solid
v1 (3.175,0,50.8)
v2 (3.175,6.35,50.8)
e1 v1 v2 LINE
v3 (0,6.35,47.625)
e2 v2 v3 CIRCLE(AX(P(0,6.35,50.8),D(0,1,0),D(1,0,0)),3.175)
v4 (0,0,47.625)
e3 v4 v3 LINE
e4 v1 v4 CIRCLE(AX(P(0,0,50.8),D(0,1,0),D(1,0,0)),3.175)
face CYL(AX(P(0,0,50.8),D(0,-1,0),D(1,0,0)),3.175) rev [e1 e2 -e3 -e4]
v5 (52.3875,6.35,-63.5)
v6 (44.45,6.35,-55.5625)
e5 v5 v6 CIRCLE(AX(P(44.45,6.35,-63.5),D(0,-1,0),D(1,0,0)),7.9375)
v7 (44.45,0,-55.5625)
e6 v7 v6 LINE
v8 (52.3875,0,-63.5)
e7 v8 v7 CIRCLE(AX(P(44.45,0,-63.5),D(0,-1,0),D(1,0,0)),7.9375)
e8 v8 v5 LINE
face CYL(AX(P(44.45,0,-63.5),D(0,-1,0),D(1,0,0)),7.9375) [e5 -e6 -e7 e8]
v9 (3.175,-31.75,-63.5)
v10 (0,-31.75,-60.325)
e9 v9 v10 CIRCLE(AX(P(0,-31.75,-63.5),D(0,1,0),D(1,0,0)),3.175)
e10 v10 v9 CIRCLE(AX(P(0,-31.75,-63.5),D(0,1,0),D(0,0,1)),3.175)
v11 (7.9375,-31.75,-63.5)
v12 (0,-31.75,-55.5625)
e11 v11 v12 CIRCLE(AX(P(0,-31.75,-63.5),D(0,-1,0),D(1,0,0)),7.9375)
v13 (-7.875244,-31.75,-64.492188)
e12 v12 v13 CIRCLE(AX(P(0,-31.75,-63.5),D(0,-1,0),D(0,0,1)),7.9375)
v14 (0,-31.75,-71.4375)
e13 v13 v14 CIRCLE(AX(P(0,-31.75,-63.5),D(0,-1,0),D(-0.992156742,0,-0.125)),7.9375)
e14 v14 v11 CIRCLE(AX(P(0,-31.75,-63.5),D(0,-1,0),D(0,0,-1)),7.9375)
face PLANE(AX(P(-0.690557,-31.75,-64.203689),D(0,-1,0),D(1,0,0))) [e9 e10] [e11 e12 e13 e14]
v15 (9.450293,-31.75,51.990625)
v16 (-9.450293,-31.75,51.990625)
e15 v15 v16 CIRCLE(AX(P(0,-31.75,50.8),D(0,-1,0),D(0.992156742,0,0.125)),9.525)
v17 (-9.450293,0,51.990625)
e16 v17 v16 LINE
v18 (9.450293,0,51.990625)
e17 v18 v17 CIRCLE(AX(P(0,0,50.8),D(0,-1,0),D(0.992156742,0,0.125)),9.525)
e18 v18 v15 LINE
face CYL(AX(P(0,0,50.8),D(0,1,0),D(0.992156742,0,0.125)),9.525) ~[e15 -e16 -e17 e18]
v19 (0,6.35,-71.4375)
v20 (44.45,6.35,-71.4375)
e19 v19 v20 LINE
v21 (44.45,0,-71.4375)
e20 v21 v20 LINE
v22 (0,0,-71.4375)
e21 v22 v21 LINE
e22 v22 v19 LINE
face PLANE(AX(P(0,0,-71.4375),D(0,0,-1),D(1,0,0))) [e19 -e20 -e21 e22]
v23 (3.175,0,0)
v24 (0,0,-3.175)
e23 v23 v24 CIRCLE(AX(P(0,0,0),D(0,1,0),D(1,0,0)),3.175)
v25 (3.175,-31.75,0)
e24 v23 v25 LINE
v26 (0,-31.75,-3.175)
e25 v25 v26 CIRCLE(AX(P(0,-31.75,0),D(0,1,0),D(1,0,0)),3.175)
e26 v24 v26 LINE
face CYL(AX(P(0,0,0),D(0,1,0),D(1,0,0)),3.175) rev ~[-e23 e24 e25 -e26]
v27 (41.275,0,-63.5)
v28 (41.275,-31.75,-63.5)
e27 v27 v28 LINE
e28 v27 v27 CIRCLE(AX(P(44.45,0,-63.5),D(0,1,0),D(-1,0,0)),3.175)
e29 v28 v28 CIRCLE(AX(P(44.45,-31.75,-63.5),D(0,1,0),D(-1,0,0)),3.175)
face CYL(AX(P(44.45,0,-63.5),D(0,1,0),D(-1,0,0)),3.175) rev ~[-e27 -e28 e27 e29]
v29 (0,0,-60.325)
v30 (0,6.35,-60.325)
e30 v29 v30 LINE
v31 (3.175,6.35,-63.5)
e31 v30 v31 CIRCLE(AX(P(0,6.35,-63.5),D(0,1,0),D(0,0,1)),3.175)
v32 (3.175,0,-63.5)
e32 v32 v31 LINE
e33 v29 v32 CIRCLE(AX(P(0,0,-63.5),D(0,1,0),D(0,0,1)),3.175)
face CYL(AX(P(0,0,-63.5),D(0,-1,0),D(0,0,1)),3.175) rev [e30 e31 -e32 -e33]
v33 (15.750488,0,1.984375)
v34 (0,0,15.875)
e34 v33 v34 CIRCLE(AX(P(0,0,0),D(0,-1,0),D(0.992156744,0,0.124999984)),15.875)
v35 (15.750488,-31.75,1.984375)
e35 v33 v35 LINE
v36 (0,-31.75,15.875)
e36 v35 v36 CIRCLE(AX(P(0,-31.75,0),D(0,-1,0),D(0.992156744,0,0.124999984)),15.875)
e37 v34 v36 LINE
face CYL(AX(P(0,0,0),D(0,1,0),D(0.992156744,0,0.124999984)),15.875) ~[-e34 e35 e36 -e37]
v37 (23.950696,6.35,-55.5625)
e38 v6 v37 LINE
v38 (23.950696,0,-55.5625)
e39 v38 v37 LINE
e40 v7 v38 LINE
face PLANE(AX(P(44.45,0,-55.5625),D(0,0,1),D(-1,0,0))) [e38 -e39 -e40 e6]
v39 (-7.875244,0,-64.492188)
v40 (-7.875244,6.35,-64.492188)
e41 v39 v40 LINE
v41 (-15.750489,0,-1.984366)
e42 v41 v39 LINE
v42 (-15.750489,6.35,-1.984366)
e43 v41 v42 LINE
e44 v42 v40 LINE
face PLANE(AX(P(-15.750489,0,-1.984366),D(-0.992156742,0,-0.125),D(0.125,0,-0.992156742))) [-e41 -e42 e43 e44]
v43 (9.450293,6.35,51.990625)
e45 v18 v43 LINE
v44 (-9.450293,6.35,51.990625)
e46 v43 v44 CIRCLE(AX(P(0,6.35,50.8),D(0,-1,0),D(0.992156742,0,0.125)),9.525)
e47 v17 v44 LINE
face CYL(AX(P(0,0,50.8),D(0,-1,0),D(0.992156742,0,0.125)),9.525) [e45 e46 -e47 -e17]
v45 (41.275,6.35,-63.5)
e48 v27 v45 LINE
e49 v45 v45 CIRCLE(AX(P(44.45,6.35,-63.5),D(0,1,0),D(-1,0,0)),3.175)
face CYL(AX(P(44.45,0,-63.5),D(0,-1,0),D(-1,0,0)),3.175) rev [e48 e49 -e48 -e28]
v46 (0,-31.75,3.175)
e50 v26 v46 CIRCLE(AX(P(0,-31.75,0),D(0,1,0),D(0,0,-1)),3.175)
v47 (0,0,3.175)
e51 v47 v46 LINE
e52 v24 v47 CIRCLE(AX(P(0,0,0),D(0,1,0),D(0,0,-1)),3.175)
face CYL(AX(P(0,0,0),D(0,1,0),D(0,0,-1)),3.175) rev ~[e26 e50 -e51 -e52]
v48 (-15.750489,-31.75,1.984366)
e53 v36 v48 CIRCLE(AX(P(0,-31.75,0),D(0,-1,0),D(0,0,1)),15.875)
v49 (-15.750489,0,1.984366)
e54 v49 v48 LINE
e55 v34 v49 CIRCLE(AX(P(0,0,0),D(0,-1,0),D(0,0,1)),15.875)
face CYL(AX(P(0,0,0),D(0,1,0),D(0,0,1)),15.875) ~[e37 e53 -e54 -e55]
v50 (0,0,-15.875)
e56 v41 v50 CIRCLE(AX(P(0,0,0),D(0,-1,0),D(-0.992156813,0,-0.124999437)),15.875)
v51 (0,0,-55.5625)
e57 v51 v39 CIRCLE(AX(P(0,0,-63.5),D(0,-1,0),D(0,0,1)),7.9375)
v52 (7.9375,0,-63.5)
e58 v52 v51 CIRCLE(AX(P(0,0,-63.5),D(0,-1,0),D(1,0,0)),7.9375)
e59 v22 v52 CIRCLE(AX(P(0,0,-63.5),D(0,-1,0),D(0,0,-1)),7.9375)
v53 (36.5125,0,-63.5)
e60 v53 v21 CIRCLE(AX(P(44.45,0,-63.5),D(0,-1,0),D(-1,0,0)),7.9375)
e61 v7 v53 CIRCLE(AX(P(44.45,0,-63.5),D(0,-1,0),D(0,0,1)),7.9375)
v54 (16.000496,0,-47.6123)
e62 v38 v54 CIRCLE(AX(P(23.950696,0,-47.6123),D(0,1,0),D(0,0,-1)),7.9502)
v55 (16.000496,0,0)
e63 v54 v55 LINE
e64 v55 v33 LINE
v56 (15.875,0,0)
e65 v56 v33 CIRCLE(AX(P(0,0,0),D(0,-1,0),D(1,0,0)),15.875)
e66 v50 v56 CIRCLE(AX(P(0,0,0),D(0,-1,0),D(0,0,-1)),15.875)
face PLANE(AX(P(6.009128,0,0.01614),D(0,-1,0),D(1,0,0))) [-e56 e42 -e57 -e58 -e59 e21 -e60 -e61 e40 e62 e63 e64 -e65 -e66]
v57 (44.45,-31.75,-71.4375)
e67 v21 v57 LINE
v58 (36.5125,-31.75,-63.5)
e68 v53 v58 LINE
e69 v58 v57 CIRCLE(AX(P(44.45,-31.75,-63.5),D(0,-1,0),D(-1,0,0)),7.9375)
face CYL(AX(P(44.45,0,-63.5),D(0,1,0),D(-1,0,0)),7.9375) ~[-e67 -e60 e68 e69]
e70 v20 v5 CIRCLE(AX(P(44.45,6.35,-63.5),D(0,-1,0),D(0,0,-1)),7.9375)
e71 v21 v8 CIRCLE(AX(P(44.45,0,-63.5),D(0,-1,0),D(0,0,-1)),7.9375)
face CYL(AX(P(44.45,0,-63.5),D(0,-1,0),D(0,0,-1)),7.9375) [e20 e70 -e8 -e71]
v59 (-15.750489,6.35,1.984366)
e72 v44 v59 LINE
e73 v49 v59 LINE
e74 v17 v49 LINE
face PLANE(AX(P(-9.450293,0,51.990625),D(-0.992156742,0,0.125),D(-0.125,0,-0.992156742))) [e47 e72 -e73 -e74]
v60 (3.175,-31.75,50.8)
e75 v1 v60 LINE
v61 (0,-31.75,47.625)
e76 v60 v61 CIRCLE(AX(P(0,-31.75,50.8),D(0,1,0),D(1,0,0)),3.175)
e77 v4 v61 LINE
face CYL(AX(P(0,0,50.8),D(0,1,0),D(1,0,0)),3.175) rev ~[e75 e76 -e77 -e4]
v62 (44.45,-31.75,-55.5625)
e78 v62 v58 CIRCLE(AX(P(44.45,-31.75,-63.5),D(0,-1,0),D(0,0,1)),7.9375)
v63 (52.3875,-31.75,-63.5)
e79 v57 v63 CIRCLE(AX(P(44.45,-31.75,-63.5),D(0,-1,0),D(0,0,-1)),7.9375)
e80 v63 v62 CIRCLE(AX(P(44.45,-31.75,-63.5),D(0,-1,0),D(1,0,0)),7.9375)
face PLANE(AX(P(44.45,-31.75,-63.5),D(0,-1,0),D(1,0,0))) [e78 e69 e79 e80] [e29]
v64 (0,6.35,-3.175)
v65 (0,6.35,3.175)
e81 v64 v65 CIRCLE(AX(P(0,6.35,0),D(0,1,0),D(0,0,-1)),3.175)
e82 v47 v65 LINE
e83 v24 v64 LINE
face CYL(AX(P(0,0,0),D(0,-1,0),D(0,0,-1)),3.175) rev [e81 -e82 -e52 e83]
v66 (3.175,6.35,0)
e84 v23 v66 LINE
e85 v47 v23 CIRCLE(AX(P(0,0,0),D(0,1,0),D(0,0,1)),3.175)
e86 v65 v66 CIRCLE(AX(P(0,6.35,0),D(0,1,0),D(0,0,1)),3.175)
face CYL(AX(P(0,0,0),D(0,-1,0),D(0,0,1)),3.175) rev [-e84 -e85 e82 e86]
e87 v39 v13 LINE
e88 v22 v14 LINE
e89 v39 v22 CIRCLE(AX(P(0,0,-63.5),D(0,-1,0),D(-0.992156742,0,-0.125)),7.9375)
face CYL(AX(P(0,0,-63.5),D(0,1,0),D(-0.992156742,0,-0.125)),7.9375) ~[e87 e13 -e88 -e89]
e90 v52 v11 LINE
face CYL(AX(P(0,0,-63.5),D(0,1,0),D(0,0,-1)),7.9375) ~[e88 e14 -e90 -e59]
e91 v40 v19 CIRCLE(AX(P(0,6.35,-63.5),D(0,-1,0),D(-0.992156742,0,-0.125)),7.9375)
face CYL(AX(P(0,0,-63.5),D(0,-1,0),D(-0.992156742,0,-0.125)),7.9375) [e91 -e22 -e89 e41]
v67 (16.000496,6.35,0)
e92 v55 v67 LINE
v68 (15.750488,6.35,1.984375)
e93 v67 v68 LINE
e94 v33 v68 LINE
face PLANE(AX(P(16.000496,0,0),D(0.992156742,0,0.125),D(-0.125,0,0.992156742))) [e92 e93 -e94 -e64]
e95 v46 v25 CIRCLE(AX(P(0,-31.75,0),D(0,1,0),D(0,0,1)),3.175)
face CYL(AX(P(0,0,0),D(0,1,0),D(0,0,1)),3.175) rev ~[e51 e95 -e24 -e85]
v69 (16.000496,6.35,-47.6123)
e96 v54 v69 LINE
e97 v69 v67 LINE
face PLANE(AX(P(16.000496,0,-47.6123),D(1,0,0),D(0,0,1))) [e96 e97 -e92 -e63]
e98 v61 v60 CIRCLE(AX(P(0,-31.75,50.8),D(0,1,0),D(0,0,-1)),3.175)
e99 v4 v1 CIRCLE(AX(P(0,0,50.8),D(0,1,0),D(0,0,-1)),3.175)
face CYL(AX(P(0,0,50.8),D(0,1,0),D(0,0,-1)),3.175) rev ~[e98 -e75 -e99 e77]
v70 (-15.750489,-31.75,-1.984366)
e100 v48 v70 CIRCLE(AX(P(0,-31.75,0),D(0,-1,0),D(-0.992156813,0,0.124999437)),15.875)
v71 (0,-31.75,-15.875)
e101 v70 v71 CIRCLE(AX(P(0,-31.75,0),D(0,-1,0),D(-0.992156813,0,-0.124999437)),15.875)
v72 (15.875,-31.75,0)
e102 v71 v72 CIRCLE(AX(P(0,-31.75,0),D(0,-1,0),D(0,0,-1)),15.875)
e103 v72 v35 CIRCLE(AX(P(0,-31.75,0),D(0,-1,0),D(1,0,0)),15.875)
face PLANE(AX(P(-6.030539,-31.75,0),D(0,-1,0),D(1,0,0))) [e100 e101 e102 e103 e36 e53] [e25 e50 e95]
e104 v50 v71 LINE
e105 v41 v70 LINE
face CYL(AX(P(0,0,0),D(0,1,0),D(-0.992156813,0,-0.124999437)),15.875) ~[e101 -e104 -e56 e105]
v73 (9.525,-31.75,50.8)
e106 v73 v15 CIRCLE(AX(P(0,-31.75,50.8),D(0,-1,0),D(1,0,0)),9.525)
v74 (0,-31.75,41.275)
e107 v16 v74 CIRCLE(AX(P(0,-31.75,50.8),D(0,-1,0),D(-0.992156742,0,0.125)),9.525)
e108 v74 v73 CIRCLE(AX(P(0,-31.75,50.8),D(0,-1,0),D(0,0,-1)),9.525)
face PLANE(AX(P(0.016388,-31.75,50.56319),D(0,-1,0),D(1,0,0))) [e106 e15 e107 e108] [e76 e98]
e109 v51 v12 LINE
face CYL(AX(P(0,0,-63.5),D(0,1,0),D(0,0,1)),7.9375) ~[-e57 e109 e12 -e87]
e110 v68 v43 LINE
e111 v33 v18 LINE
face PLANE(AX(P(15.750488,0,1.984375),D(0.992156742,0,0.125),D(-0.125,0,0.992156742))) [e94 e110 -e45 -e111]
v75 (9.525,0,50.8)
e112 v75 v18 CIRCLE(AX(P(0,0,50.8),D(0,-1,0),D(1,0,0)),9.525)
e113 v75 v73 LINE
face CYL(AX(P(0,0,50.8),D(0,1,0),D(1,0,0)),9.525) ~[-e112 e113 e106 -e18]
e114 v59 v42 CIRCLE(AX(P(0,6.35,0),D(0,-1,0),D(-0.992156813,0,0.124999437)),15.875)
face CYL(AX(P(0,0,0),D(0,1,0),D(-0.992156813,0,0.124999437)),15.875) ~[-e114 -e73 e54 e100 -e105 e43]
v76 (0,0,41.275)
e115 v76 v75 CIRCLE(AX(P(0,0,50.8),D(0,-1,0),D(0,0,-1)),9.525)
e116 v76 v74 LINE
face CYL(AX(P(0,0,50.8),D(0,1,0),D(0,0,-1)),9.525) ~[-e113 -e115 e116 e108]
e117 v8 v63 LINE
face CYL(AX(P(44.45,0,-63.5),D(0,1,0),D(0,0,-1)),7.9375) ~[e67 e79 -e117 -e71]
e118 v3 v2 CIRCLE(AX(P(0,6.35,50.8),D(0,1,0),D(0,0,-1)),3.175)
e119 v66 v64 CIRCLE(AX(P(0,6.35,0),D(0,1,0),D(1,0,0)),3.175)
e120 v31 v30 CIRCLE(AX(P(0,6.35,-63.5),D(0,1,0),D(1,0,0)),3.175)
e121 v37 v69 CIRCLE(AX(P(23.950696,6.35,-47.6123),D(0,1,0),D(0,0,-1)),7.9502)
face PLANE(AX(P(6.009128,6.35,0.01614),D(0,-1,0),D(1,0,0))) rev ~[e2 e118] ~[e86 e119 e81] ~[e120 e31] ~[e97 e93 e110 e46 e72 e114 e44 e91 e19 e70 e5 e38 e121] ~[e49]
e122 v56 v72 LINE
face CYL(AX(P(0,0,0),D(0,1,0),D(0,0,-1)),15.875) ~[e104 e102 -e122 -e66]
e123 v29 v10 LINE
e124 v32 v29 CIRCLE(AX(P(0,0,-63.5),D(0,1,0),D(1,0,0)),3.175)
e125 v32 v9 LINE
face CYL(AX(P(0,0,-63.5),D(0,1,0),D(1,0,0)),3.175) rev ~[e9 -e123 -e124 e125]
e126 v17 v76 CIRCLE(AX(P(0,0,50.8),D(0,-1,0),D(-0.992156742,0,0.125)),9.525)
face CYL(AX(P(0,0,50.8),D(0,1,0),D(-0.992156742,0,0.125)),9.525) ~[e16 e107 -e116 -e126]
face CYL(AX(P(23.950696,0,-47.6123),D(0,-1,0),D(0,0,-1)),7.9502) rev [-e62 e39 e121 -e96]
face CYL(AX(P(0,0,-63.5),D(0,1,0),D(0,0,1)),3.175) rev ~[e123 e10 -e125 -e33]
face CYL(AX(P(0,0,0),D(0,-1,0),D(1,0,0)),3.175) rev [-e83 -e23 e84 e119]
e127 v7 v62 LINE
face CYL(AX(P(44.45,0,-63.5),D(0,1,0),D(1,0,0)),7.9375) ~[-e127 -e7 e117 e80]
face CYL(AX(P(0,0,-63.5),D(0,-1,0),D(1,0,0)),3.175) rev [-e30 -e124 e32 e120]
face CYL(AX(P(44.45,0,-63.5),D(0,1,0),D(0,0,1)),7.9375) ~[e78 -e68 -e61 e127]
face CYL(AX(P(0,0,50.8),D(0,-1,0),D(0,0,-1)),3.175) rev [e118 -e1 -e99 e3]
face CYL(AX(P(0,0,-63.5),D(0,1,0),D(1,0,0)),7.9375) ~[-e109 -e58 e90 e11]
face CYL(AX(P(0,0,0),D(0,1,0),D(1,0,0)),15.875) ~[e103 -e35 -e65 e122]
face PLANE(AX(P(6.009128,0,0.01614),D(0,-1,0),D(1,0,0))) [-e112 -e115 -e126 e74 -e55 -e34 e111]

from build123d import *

# Parameters (mm, degrees)
F1_DEPTH = 6.35
F2_DEPTH = 31.75


with BuildPart() as f1:
    # F0 (on Front) → F1 (new body)
    with BuildSketch(Plane.XZ):
        with BuildLine():
            ThreePointArc((0, -15.875), (11.2253201513, -11.2253201513), (15.875, 0))
            ThreePointArc((15.875, 0), (15.8438414983, 0.9941386111), (15.7504883051, 1.9843747505))
            ThreePointArc((15.7504883051, 1.9843747505), (10.5003256101, 11.9062499168), (0, 15.875))
            Line((0, 15.875), (0, 3.175))
            ThreePointArc((0, 3.175), (2.2450640303, 2.2450640303), (3.175, 0))
            ThreePointArc((3.175, 0), (2.2450640303, -2.2450640303), (0, -3.175))
            Line((0, -3.175), (0, -15.875))
        make_face()
        with BuildLine():
            ThreePointArc((-15.7504893995, -1.9843660644), (-10.5003288931, -11.9062470215), (0, -15.875))
            Line((0, -15.875), (0, -3.175))
            ThreePointArc((0, -3.175), (-3.175, 0), (0, 3.175))
            Line((0, 3.175), (0, 15.875))
            ThreePointArc((0, 15.875), (-10.5003288957, 11.9062470192), (-15.7504894003, 1.9843660577))
            ThreePointArc((-15.7504894003, 1.9843660577), (-15.875, -3.4e-09), (-15.7504893995, -1.9843660644))
        make_face()
        with BuildLine():
            ThreePointArc((9.525, 50.8), (9.5063048942, 51.396483242), (9.4502929642, 51.990625))
            ThreePointArc((9.4502929642, 51.990625), (0, 60.325), (-9.4502929642, 51.990625))
            ThreePointArc((-9.4502929642, 51.990625), (-7.14375, 44.4998046905), (0, 41.275))
            ThreePointArc((0, 41.275), (6.7351920908, 44.0648079092), (9.525, 50.8))
        make_face()
        with BuildLine():
            ThreePointArc((3.175, 50.8), (2.2450640303, 48.5549359697), (0, 47.625))
            ThreePointArc((0, 47.625), (-2.2450640303, 53.0450640303), (3.175, 50.8))
        make_face(mode=Mode.SUBTRACT)
        with BuildLine():
            ThreePointArc((7.937499997, -63.5), (5.6126600736, -57.8873399264), (0, -55.562500003))
            Line((0, -55.562500003), (0, -60.325))
            ThreePointArc((0, -60.325), (2.2450640303, -61.2549359697), (3.175, -63.5))
            Line((3.175, -63.5), (7.937499997, -63.5))
        make_face()
        with BuildLine():
            Line((0, -60.325), (0, -55.562500003))
            ThreePointArc((0, -55.562500003), (-5.9531249979, -58.2498372442), (-7.8752441339, -64.4921875))
            ThreePointArc((-7.8752441339, -64.4921875), (-5.2501627558, -69.4531249979), (0, -71.437499997))
            ThreePointArc((0, -71.437499997), (5.6126600736, -69.1126600736), (7.937499997, -63.5))
            Line((7.937499997, -63.5), (3.175, -63.5))
            ThreePointArc((3.175, -63.5), (-2.2450640303, -65.7450640303), (0, -60.325))
        make_face()
        with BuildLine():
            ThreePointArc((44.45, -55.562499997), (38.8373399222, -57.8873399222), (36.512499997, -63.5))
            ThreePointArc((36.512499997, -63.5), (38.8373399222, -69.1126600778), (44.45, -71.437500003))
            ThreePointArc((44.45, -71.437500003), (50.0626600778, -69.1126600778), (52.387500003, -63.5))
            ThreePointArc((52.387500003, -63.5), (50.0626600778, -57.8873399222), (44.45, -55.562499997))
        make_face()
        with BuildLine():
            ThreePointArc((47.625, -63.5), (44.45, -66.675), (41.275, -63.5))
            ThreePointArc((41.275, -63.5), (44.45, -60.325), (47.625, -63.5))
        make_face(mode=Mode.SUBTRACT)
        with BuildLine():
            ThreePointArc((-15.7504894003, 1.9843660577), (-10.5003288957, 11.9062470192), (0, 15.875))
            Line((0, 15.875), (0, 41.275))
            ThreePointArc((0, 41.275), (-7.14375, 44.4998046905), (-9.4502929642, 51.990625))
            Line((-9.4502929642, 51.990625), (-15.7504894003, 1.9843660577))
        make_face()
        with BuildLine():
            ThreePointArc((15.7504883051, 1.9843747505), (15.8438414983, 0.9941386111), (15.875, 0))
            ThreePointArc((15.875, 0), (11.2253201513, -11.2253201513), (0, -15.875))
            Line((0, -15.875), (0, -55.562500003))
            ThreePointArc((0, -55.562500003), (5.6126600736, -57.8873399264), (7.937499997, -63.5))
            Line((7.937499997, -63.5), (36.512499997, -63.5))
            ThreePointArc((36.512499997, -63.5), (38.8373399222, -57.8873399222), (44.45, -55.562499997))
            Line((44.45, -55.5624999909), (23.9506960241, -55.5624999909))
            ThreePointArc((23.9506960241, -55.5624999909), (18.3290556923, -53.2339403227), (16.0004960241, -47.6122999909))
            Line((16.0004960241, -47.6122999909), (16.0004960241, 0))
            Line((16.0004960241, 0), (15.7504883051, 1.9843747505))
        make_face()
        with BuildLine():
            Line((0, -55.562500003), (0, -15.875))
            ThreePointArc((0, -15.875), (-10.5003288931, -11.9062470215), (-15.7504893995, -1.9843660644))
            Line((-15.7504893995, -1.9843660644), (-7.8752441339, -64.4921875))
            ThreePointArc((-7.8752441339, -64.4921875), (-5.9531249979, -58.2498372442), (0, -55.562500003))
        make_face()
        with BuildLine():
            ThreePointArc((0, 15.875), (10.5003256101, 11.9062499168), (15.7504883051, 1.9843747505))
            Line((15.7504883051, 1.9843747505), (9.4502929642, 51.990625))
            ThreePointArc((9.4502929642, 51.990625), (9.5063048942, 51.396483242), (9.525, 50.8))
            ThreePointArc((9.525, 50.8), (6.7351920908, 44.0648079092), (0, 41.275))
            Line((0, 41.275), (0, 15.875))
        make_face()
        with BuildLine():
            Line((36.512499997, -63.5), (7.937499997, -63.5))
            ThreePointArc((7.937499997, -63.5), (5.6126600736, -69.1126600736), (0, -71.437499997))
            Line((0, -71.4374999998), (44.45, -71.4374999998))
            ThreePointArc((44.45, -71.437500003), (38.8373399222, -69.1126600778), (36.512499997, -63.5))
        make_face()
    extrude(amount=-F1_DEPTH)

    # F0 (on Front) → F2 (join)
    with BuildSketch(Plane.XZ):
        with BuildLine():
            ThreePointArc((-15.7504893995, -1.9843660644), (-10.5003288931, -11.9062470215), (0, -15.875))
            Line((0, -15.875), (0, -3.175))
            ThreePointArc((0, -3.175), (-3.175, 0), (0, 3.175))
            Line((0, 3.175), (0, 15.875))
            ThreePointArc((0, 15.875), (-10.5003288957, 11.9062470192), (-15.7504894003, 1.9843660577))
            ThreePointArc((-15.7504894003, 1.9843660577), (-15.875, -3.4e-09), (-15.7504893995, -1.9843660644))
        make_face()
        with BuildLine():
            ThreePointArc((0, -15.875), (11.2253201513, -11.2253201513), (15.875, 0))
            ThreePointArc((15.875, 0), (15.8438414983, 0.9941386111), (15.7504883051, 1.9843747505))
            ThreePointArc((15.7504883051, 1.9843747505), (10.5003256101, 11.9062499168), (0, 15.875))
            Line((0, 15.875), (0, 3.175))
            ThreePointArc((0, 3.175), (2.2450640303, 2.2450640303), (3.175, 0))
            ThreePointArc((3.175, 0), (2.2450640303, -2.2450640303), (0, -3.175))
            Line((0, -3.175), (0, -15.875))
        make_face()
        with BuildLine():
            Line((0, -60.325), (0, -55.562500003))
            ThreePointArc((0, -55.562500003), (-5.9531249979, -58.2498372442), (-7.8752441339, -64.4921875))
            ThreePointArc((-7.8752441339, -64.4921875), (-5.2501627558, -69.4531249979), (0, -71.437499997))
            ThreePointArc((0, -71.437499997), (5.6126600736, -69.1126600736), (7.937499997, -63.5))
            Line((7.937499997, -63.5), (3.175, -63.5))
            ThreePointArc((3.175, -63.5), (-2.2450640303, -65.7450640303), (0, -60.325))
        make_face()
        with BuildLine():
            ThreePointArc((7.937499997, -63.5), (5.6126600736, -57.8873399264), (0, -55.562500003))
            Line((0, -55.562500003), (0, -60.325))
            ThreePointArc((0, -60.325), (2.2450640303, -61.2549359697), (3.175, -63.5))
            Line((3.175, -63.5), (7.937499997, -63.5))
        make_face()
        with BuildLine():
            ThreePointArc((44.45, -55.562499997), (38.8373399222, -57.8873399222), (36.512499997, -63.5))
            ThreePointArc((36.512499997, -63.5), (38.8373399222, -69.1126600778), (44.45, -71.437500003))
            ThreePointArc((44.45, -71.437500003), (50.0626600778, -69.1126600778), (52.387500003, -63.5))
            ThreePointArc((52.387500003, -63.5), (50.0626600778, -57.8873399222), (44.45, -55.562499997))
        make_face()
        with BuildLine():
            ThreePointArc((47.625, -63.5), (44.45, -66.675), (41.275, -63.5))
            ThreePointArc((41.275, -63.5), (44.45, -60.325), (47.625, -63.5))
        make_face(mode=Mode.SUBTRACT)
        with BuildLine():
            ThreePointArc((9.525, 50.8), (9.5063048942, 51.396483242), (9.4502929642, 51.990625))
            ThreePointArc((9.4502929642, 51.990625), (0, 60.325), (-9.4502929642, 51.990625))
            ThreePointArc((-9.4502929642, 51.990625), (-7.14375, 44.4998046905), (0, 41.275))
            ThreePointArc((0, 41.275), (6.7351920908, 44.0648079092), (9.525, 50.8))
        make_face()
        with BuildLine():
            ThreePointArc((3.175, 50.8), (2.2450640303, 48.5549359697), (0, 47.625))
            ThreePointArc((0, 47.625), (-2.2450640303, 53.0450640303), (3.175, 50.8))
        make_face(mode=Mode.SUBTRACT)
    extrude(amount=F2_DEPTH)


solid = f1.part
